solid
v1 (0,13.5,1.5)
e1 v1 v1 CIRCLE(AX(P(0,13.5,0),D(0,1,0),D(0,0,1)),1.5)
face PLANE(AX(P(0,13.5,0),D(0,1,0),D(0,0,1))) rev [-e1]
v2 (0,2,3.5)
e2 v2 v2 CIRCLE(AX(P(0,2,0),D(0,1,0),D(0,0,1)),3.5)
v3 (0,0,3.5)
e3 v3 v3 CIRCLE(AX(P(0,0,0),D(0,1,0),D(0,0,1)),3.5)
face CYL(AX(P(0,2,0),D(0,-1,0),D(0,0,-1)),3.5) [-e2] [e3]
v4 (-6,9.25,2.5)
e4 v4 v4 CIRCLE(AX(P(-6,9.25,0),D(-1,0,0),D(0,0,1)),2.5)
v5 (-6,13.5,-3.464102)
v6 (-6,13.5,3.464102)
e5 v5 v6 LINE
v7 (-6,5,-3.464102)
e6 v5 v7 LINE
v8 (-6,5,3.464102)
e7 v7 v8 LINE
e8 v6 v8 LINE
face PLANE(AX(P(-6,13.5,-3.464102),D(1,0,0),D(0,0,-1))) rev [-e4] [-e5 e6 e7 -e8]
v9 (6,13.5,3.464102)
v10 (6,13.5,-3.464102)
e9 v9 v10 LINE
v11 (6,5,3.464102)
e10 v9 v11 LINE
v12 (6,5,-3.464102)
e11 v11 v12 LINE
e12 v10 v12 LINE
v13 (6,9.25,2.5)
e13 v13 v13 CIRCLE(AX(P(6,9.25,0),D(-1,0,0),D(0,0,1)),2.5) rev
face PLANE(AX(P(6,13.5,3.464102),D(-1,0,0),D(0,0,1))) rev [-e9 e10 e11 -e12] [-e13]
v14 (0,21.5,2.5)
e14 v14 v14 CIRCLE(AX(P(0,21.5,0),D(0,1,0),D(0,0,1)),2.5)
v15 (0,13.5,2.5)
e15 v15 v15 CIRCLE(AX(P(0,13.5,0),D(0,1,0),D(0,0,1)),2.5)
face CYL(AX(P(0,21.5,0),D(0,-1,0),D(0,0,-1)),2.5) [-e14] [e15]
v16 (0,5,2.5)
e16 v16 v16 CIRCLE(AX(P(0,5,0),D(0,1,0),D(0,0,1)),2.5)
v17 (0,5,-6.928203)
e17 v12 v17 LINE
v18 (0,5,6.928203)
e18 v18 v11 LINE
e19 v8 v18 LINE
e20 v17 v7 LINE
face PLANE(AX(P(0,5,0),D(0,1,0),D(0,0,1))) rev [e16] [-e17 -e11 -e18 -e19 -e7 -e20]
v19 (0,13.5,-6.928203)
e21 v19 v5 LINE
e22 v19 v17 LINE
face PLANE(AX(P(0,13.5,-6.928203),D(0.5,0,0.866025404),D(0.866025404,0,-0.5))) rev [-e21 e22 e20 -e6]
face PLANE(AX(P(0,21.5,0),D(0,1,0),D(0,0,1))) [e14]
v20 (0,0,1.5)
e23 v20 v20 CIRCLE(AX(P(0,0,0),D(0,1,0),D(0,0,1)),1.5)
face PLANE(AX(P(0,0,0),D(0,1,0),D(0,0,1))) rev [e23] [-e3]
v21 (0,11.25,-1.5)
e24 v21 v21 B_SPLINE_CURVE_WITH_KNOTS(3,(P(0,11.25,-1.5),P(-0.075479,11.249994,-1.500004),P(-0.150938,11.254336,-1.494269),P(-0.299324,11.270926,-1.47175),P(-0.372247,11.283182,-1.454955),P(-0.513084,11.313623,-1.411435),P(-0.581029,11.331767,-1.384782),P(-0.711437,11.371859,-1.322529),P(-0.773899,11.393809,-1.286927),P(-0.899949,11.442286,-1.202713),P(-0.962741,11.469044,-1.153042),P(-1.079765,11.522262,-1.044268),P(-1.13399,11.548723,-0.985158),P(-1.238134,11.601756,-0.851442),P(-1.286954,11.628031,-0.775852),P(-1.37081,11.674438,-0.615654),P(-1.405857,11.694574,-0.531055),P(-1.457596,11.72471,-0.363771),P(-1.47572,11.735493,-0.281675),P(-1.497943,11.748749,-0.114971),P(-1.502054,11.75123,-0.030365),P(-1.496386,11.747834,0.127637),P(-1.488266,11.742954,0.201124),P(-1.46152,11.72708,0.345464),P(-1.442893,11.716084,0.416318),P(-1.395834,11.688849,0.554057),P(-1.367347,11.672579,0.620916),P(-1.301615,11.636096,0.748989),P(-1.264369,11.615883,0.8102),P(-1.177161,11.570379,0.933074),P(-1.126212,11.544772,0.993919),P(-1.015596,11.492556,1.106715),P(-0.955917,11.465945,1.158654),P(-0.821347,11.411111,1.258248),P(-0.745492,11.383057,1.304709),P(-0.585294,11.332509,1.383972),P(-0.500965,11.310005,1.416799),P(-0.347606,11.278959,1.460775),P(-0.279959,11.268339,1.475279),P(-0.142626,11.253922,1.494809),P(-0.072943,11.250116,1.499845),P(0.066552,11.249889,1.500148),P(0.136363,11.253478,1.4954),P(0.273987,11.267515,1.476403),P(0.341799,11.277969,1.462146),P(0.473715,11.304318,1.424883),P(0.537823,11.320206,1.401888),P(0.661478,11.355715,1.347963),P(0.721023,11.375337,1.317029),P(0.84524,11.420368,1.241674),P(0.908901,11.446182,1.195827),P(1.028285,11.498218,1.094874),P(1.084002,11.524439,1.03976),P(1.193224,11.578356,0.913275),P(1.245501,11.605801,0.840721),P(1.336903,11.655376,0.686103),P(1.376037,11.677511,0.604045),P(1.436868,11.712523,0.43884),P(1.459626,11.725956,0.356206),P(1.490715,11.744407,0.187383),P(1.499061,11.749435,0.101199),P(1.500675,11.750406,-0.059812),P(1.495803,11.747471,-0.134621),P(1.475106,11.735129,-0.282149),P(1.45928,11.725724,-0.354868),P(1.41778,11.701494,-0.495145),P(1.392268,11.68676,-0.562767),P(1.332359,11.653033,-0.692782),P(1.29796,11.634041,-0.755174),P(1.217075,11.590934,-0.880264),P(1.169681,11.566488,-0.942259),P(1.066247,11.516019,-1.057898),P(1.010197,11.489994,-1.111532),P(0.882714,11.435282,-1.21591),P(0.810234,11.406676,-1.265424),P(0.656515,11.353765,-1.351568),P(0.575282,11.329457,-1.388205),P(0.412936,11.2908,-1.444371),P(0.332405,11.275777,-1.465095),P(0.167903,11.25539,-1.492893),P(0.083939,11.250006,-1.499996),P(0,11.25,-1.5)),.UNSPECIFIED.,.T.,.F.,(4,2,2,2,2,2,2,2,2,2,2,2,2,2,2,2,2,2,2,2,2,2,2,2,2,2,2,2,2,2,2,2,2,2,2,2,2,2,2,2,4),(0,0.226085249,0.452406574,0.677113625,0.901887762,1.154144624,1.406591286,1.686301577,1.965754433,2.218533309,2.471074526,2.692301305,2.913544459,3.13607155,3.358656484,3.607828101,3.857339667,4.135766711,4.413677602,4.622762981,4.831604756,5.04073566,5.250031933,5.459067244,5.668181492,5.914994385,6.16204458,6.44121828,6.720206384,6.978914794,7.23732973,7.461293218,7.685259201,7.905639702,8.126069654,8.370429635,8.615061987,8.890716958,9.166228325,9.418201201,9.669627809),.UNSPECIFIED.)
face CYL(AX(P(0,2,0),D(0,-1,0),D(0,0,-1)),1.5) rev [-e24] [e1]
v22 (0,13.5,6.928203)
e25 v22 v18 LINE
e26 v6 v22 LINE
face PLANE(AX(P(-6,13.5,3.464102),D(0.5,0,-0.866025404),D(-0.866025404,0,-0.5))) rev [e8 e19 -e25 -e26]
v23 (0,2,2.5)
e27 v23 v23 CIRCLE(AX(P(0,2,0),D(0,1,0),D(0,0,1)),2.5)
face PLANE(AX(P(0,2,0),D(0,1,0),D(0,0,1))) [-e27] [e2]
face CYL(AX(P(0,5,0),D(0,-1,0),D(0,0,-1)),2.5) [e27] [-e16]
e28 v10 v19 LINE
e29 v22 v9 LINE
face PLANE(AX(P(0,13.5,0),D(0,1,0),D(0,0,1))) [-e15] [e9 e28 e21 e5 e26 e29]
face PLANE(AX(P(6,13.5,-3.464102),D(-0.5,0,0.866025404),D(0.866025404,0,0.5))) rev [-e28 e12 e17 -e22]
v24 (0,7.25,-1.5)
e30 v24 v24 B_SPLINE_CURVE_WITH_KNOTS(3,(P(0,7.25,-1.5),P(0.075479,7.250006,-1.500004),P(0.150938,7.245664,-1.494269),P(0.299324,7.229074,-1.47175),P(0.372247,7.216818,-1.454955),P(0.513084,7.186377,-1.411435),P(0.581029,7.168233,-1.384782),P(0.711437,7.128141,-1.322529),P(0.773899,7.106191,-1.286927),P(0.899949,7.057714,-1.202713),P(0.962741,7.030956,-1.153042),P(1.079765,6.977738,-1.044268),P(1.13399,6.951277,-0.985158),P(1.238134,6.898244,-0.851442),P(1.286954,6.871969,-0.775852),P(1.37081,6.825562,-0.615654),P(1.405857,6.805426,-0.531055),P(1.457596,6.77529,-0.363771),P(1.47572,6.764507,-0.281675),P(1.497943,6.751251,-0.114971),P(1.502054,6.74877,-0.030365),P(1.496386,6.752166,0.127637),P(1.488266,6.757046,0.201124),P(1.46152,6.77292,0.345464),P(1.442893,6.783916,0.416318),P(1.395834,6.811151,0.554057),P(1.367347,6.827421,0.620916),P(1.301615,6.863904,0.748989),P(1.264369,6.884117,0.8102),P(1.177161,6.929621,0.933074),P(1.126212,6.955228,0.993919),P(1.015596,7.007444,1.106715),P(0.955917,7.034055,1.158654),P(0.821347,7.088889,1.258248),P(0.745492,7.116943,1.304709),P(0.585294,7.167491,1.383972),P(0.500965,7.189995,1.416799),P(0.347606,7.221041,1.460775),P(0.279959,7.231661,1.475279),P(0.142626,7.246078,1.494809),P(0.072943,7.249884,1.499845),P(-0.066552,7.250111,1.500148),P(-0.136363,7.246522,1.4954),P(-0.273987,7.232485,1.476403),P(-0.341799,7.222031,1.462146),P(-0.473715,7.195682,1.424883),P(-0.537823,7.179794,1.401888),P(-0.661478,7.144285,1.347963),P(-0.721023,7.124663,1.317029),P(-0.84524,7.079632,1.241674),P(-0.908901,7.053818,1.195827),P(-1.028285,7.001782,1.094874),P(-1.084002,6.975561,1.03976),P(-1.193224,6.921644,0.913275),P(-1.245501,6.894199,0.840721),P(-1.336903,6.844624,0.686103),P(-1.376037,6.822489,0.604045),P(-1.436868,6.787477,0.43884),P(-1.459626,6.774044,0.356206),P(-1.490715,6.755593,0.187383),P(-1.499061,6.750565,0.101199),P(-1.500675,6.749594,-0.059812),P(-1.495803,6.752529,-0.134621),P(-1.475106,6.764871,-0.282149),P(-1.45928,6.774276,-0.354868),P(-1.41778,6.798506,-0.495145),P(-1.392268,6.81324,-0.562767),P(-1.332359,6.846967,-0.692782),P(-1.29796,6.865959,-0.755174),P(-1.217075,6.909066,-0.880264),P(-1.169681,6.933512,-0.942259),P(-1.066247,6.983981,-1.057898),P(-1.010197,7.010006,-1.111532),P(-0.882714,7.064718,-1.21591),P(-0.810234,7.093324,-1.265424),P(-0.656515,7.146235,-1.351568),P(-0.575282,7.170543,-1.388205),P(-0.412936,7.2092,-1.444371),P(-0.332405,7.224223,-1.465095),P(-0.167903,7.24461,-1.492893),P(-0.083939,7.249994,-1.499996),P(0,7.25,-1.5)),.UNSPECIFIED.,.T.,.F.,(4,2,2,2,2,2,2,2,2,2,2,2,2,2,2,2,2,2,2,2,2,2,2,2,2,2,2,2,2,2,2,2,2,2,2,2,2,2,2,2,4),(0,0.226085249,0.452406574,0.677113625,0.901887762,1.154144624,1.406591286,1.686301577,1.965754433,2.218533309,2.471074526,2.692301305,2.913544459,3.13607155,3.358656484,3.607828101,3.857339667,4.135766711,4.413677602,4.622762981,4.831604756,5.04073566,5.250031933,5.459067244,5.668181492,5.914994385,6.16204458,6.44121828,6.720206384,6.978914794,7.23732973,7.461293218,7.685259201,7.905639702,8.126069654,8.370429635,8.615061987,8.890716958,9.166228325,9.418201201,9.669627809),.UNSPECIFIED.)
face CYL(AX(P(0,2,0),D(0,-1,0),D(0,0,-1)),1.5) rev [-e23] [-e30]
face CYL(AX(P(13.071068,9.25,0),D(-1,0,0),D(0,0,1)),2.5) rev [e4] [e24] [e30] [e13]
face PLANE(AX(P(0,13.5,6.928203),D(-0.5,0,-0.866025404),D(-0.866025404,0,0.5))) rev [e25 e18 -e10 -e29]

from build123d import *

# Parameters (mm, degrees)
ESQUISSE1_R             = 3.5
ESQUISSE1_R_2           = 1.5
BOSS_EXTRU_1_DEPTH      = 2
ESQUISSE2_R             = 2.5
ESQUISSE2_R_2           = 1.5
BOSS_EXTRU_2_DEPTH      = 3
ESQUISSE3_R             = 1.5
BOSS_EXTRU_3_DEPTH      = 8.5
ESQUISSE4_R             = 2.5
BOSS_EXTRU_4_DEPTH      = 8
ESQUISSE5_R             = 2.5
ENL_V_MAT_EXTRU_1_DEPTH = 12


with BuildPart() as part:
    # Esquisse1 → Boss.-Extru.1 (new body)
    with BuildSketch(Plane(origin=(0, 0, 0), x_dir=(1, 0, 0), z_dir=(0, 1, 0))):
        Circle(ESQUISSE1_R)
        Circle(ESQUISSE1_R_2, mode=Mode.SUBTRACT)
    extrude(amount=BOSS_EXTRU_1_DEPTH)

    # Esquisse2 → Boss.-Extru.2 (add)
    with BuildSketch(Plane(origin=(0, 2, 0), x_dir=(1, 0, 0), z_dir=(0, 1, 0))):
        Circle(ESQUISSE2_R)
        Circle(ESQUISSE2_R_2, mode=Mode.SUBTRACT)
    extrude(amount=BOSS_EXTRU_2_DEPTH)

    # Esquisse3 → Boss.-Extru.3 (add)
    with BuildSketch(Plane(origin=(0, 5, 0), x_dir=(1, 0, 0), z_dir=(0, 1, 0))):
        Polygon((-6, 3.464101615), (-6, -3.464101615), (0, -6.92820323), (6, -3.464101615), (6, 3.464101615), (0, 6.92820323), align=None)
        Circle(ESQUISSE3_R, mode=Mode.SUBTRACT)
    extrude(amount=BOSS_EXTRU_3_DEPTH)

    # Esquisse4 → Boss.-Extru.4 (add)
    with BuildSketch(Plane(origin=(0, 13.5, 0), x_dir=(1, 0, 0), z_dir=(0, 1, 0))):
        Circle(ESQUISSE4_R)
    extrude(amount=BOSS_EXTRU_4_DEPTH)

    # Esquisse5 → Enlèv. mat.-Extru.1 (cut)
    with BuildSketch(Plane.ZY.offset(6)):
        with Locations((0, 9.25)):
            Circle(ESQUISSE5_R)
    extrude(amount=-ENL_V_MAT_EXTRU_1_DEPTH, mode=Mode.SUBTRACT)


solid = part.part
